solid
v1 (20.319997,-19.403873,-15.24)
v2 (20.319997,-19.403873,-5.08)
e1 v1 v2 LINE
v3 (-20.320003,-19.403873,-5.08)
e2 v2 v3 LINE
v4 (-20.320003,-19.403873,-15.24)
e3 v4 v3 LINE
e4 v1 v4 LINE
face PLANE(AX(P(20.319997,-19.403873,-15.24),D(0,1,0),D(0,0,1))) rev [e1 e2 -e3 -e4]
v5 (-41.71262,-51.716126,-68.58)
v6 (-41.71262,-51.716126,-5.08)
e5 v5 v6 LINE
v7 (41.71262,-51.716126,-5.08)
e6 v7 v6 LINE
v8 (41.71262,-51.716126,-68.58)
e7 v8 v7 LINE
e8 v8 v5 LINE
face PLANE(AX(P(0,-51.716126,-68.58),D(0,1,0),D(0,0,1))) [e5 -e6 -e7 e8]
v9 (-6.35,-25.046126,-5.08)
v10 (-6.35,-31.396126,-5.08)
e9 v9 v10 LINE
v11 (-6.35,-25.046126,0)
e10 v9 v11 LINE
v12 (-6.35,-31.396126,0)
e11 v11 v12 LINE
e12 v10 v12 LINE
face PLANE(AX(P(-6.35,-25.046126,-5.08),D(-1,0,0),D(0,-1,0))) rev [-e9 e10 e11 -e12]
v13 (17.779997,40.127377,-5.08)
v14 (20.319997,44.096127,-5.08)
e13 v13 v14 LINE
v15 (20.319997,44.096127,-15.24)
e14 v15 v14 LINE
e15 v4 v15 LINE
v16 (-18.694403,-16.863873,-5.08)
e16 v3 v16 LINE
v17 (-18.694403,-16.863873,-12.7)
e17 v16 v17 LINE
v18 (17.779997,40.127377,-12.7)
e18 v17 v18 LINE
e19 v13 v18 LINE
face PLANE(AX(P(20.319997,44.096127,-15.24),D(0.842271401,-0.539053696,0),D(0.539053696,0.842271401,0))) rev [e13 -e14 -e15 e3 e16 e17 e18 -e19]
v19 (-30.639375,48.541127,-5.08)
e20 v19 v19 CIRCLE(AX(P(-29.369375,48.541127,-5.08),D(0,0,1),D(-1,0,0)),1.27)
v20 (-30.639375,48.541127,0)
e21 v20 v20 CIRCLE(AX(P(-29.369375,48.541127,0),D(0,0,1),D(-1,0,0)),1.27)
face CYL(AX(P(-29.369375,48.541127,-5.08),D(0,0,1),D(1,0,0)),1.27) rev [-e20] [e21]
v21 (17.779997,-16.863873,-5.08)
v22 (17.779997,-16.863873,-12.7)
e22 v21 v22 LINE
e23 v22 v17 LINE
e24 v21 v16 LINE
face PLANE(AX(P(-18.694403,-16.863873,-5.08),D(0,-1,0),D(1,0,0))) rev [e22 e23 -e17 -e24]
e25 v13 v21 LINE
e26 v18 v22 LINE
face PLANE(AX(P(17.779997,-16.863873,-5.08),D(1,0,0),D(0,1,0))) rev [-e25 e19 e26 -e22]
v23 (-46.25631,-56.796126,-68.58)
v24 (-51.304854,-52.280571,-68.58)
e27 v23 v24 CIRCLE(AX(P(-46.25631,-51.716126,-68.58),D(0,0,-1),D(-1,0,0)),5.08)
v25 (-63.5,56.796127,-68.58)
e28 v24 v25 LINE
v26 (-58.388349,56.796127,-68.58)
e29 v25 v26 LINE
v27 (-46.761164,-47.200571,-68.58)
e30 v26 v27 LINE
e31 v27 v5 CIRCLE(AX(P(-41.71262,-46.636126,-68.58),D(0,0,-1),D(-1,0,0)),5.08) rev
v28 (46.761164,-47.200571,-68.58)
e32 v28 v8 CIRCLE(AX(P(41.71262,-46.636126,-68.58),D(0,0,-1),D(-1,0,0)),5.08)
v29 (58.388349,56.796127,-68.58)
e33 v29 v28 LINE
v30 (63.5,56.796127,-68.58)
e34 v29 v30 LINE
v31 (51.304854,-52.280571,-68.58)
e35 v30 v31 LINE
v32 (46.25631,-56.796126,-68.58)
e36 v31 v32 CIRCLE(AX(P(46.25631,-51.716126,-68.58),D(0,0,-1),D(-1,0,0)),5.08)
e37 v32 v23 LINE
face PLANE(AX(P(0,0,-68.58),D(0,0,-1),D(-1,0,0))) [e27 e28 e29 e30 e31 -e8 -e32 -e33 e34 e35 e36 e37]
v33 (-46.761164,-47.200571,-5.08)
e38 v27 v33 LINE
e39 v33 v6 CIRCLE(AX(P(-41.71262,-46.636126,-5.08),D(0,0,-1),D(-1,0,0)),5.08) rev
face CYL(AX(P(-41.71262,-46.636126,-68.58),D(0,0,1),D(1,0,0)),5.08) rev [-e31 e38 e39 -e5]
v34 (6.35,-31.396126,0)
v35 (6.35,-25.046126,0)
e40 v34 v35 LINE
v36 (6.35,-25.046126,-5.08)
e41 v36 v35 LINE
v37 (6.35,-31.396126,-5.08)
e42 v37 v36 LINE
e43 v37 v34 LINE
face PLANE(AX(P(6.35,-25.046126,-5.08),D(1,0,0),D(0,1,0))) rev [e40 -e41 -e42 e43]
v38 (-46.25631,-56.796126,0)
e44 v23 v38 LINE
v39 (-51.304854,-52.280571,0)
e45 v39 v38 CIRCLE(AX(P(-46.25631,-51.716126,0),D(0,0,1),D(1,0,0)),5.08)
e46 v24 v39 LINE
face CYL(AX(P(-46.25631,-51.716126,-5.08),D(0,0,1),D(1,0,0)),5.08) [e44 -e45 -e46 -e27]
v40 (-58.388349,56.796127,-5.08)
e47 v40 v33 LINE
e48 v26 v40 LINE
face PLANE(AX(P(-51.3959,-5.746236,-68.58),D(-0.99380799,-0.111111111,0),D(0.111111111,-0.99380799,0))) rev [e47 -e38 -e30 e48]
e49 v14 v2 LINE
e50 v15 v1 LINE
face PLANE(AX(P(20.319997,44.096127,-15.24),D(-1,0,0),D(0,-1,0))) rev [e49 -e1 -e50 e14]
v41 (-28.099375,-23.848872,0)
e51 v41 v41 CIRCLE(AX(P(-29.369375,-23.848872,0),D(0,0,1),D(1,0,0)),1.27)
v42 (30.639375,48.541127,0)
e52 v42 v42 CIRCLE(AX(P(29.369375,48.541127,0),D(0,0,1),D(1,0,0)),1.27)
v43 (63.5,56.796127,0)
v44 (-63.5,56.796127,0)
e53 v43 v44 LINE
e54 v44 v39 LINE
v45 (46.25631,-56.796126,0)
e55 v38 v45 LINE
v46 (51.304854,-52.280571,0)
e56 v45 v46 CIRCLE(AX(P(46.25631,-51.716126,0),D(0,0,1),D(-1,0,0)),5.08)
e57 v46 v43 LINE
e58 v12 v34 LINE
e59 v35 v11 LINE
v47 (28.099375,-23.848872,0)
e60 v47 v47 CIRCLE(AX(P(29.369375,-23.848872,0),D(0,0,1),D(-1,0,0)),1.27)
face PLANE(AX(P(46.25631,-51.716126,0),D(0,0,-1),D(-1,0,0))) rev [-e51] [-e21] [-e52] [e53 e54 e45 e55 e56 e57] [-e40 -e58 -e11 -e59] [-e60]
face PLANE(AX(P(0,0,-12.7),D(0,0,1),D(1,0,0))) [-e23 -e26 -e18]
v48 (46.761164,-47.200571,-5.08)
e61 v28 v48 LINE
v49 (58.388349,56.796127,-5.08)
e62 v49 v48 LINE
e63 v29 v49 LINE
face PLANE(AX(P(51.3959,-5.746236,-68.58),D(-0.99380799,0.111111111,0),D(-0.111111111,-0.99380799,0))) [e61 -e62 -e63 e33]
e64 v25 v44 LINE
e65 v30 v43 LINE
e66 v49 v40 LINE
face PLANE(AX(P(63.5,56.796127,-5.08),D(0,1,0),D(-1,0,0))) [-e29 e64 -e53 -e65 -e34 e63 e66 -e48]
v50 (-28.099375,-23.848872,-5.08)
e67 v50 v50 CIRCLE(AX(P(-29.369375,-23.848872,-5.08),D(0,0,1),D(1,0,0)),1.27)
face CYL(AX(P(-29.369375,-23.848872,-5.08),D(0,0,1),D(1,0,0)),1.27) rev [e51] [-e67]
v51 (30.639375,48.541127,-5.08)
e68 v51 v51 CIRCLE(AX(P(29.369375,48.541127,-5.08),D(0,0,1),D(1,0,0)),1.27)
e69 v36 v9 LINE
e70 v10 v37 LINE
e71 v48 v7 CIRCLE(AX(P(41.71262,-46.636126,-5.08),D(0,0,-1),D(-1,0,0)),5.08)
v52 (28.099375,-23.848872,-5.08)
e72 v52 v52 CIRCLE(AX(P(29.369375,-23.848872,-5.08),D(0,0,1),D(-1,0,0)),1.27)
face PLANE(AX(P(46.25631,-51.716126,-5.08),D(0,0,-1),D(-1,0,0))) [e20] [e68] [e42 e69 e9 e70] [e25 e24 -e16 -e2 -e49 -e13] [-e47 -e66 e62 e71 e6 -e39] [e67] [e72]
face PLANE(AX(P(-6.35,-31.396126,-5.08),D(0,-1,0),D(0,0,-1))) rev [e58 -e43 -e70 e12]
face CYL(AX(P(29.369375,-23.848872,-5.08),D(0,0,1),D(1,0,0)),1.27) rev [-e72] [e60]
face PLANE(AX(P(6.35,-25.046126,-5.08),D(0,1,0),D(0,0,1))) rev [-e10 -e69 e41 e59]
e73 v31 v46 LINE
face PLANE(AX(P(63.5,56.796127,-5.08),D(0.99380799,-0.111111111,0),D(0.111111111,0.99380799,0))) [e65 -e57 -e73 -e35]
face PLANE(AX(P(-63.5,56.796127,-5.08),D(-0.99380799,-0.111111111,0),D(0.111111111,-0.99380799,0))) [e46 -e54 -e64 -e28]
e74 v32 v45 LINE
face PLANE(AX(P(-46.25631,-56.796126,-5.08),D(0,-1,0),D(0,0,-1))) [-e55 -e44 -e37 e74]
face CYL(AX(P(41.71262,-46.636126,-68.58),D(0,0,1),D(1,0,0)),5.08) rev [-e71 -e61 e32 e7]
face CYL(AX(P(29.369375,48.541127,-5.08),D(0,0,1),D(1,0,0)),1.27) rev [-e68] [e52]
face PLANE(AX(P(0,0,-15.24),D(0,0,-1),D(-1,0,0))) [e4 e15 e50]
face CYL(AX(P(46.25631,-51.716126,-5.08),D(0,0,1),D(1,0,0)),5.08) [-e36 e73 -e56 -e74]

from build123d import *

# Parameters (mm, degrees)
SKETCH1_W           = 12.7
SKETCH1_H           = 6.35
BOSS_EXTRUDE1_DEPTH = 5.08
BOSS_EXTRUDE2_DEPTH = 63.5
BOSS_EXTRUDE3_DEPTH = 10.16
CUT_EXTRUDE1_DEPTH  = 7.62
SKETCH9_R           = 1.27
CUT_EXTRUDE2_DEPTH  = 5.08


with BuildPart() as part:
    # Sketch1 → Boss-Extrude1 (new body)
    with BuildSketch(Plane.XY):
        with BuildLine():
            Line((63.5, 56.7961272), (-63.5, 56.7961272))
            Line((-63.5, 56.7961272), (-51.304854459, -52.280570501))
            ThreePointArc((-51.304854459, -52.280570501), (-49.642976536, -55.502534499), (-46.25630987, -56.796126057))
            Line((-46.25630987, -56.796126057), (46.25630987, -56.796126057))
            ThreePointArc((46.25630987, -56.796126057), (49.642976536, -55.502534499), (51.304854459, -52.280570501))
            Line((51.304854459, -52.280570501), (63.5, 56.7961272))
        make_face()
        with Locations((0, -28.221126057)):
            Rectangle(SKETCH1_W, SKETCH1_H, mode=Mode.SUBTRACT)
    extrude(amount=-BOSS_EXTRUDE1_DEPTH)

    # Sketch2 → Boss-Extrude2 (add)
    with BuildSketch(Plane.XY.offset(-5.08)):
        with BuildLine():
            Line((51.304854459, -52.280570501), (63.5, 56.7961272))
            Line((63.5, 56.7961272), (58.388348603, 56.7961272))
            Line((58.388348603, 56.7961272), (46.761164329, -47.200570501))
            ThreePointArc((46.761164329, -47.200570501), (45.099286406, -50.422534499), (41.712619739, -51.716126057))
            Line((41.712619739, -51.716126057), (-41.712619739, -51.716126057))
            ThreePointArc((-41.712619739, -51.716126057), (-45.099286406, -50.422534499), (-46.761164329, -47.200570501))
            Line((-46.761164329, -47.200570501), (-58.388348603, 56.7961272))
            Line((-58.388348603, 56.7961272), (-63.5, 56.7961272))
            Line((-63.5, 56.7961272), (-51.304854459, -52.280570501))
            ThreePointArc((-51.304854459, -52.280570501), (-49.642976536, -55.502534499), (-46.25630987, -56.796126057))
            Line((-46.25630987, -56.796126057), (46.25630987, -56.796126057))
            ThreePointArc((46.25630987, -56.796126057), (49.642976536, -55.502534499), (51.304854459, -52.280570501))
        make_face()
    extrude(amount=-BOSS_EXTRUDE2_DEPTH)

    # Sketch4 → Boss-Extrude3 (add)
    with BuildSketch(Plane(origin=(0, 0, -5.08), x_dir=(-1, 0, 0), z_dir=(0, 0, -1))):
        Polygon((-20.319997003, 44.0961272), (-20.319997003, -19.4038728), (20.320002997, -19.4038728), align=None)
    extrude(amount=BOSS_EXTRUDE3_DEPTH)

    # Sketch7 → Cut-Extrude1 (cut)
    with BuildSketch(Plane(origin=(0, 0, -12.7), x_dir=(-1, 0, 0), z_dir=(0, 0, -1))):
        Polygon((18.694402997, -16.8638728), (-17.779997003, -16.8638728), (-17.779997003, 40.1273772), align=None)
    extrude(amount=-CUT_EXTRUDE1_DEPTH, mode=Mode.SUBTRACT)

    # Sketch9 → Cut-Extrude2 (cut)
    with BuildSketch(Plane.XY):
        with Locations((29.36937484, 48.5411272)):
            Circle(SKETCH9_R)
        with Locations((-29.36937484, 48.5411272)):
            Circle(SKETCH9_R)
        with Locations((29.36937484, -23.848871657)):
            Circle(SKETCH9_R)
        with Locations((-29.36937484, -23.848871657)):
            Circle(SKETCH9_R)
    extrude(amount=-CUT_EXTRUDE2_DEPTH, mode=Mode.SUBTRACT)


solid = part.part
